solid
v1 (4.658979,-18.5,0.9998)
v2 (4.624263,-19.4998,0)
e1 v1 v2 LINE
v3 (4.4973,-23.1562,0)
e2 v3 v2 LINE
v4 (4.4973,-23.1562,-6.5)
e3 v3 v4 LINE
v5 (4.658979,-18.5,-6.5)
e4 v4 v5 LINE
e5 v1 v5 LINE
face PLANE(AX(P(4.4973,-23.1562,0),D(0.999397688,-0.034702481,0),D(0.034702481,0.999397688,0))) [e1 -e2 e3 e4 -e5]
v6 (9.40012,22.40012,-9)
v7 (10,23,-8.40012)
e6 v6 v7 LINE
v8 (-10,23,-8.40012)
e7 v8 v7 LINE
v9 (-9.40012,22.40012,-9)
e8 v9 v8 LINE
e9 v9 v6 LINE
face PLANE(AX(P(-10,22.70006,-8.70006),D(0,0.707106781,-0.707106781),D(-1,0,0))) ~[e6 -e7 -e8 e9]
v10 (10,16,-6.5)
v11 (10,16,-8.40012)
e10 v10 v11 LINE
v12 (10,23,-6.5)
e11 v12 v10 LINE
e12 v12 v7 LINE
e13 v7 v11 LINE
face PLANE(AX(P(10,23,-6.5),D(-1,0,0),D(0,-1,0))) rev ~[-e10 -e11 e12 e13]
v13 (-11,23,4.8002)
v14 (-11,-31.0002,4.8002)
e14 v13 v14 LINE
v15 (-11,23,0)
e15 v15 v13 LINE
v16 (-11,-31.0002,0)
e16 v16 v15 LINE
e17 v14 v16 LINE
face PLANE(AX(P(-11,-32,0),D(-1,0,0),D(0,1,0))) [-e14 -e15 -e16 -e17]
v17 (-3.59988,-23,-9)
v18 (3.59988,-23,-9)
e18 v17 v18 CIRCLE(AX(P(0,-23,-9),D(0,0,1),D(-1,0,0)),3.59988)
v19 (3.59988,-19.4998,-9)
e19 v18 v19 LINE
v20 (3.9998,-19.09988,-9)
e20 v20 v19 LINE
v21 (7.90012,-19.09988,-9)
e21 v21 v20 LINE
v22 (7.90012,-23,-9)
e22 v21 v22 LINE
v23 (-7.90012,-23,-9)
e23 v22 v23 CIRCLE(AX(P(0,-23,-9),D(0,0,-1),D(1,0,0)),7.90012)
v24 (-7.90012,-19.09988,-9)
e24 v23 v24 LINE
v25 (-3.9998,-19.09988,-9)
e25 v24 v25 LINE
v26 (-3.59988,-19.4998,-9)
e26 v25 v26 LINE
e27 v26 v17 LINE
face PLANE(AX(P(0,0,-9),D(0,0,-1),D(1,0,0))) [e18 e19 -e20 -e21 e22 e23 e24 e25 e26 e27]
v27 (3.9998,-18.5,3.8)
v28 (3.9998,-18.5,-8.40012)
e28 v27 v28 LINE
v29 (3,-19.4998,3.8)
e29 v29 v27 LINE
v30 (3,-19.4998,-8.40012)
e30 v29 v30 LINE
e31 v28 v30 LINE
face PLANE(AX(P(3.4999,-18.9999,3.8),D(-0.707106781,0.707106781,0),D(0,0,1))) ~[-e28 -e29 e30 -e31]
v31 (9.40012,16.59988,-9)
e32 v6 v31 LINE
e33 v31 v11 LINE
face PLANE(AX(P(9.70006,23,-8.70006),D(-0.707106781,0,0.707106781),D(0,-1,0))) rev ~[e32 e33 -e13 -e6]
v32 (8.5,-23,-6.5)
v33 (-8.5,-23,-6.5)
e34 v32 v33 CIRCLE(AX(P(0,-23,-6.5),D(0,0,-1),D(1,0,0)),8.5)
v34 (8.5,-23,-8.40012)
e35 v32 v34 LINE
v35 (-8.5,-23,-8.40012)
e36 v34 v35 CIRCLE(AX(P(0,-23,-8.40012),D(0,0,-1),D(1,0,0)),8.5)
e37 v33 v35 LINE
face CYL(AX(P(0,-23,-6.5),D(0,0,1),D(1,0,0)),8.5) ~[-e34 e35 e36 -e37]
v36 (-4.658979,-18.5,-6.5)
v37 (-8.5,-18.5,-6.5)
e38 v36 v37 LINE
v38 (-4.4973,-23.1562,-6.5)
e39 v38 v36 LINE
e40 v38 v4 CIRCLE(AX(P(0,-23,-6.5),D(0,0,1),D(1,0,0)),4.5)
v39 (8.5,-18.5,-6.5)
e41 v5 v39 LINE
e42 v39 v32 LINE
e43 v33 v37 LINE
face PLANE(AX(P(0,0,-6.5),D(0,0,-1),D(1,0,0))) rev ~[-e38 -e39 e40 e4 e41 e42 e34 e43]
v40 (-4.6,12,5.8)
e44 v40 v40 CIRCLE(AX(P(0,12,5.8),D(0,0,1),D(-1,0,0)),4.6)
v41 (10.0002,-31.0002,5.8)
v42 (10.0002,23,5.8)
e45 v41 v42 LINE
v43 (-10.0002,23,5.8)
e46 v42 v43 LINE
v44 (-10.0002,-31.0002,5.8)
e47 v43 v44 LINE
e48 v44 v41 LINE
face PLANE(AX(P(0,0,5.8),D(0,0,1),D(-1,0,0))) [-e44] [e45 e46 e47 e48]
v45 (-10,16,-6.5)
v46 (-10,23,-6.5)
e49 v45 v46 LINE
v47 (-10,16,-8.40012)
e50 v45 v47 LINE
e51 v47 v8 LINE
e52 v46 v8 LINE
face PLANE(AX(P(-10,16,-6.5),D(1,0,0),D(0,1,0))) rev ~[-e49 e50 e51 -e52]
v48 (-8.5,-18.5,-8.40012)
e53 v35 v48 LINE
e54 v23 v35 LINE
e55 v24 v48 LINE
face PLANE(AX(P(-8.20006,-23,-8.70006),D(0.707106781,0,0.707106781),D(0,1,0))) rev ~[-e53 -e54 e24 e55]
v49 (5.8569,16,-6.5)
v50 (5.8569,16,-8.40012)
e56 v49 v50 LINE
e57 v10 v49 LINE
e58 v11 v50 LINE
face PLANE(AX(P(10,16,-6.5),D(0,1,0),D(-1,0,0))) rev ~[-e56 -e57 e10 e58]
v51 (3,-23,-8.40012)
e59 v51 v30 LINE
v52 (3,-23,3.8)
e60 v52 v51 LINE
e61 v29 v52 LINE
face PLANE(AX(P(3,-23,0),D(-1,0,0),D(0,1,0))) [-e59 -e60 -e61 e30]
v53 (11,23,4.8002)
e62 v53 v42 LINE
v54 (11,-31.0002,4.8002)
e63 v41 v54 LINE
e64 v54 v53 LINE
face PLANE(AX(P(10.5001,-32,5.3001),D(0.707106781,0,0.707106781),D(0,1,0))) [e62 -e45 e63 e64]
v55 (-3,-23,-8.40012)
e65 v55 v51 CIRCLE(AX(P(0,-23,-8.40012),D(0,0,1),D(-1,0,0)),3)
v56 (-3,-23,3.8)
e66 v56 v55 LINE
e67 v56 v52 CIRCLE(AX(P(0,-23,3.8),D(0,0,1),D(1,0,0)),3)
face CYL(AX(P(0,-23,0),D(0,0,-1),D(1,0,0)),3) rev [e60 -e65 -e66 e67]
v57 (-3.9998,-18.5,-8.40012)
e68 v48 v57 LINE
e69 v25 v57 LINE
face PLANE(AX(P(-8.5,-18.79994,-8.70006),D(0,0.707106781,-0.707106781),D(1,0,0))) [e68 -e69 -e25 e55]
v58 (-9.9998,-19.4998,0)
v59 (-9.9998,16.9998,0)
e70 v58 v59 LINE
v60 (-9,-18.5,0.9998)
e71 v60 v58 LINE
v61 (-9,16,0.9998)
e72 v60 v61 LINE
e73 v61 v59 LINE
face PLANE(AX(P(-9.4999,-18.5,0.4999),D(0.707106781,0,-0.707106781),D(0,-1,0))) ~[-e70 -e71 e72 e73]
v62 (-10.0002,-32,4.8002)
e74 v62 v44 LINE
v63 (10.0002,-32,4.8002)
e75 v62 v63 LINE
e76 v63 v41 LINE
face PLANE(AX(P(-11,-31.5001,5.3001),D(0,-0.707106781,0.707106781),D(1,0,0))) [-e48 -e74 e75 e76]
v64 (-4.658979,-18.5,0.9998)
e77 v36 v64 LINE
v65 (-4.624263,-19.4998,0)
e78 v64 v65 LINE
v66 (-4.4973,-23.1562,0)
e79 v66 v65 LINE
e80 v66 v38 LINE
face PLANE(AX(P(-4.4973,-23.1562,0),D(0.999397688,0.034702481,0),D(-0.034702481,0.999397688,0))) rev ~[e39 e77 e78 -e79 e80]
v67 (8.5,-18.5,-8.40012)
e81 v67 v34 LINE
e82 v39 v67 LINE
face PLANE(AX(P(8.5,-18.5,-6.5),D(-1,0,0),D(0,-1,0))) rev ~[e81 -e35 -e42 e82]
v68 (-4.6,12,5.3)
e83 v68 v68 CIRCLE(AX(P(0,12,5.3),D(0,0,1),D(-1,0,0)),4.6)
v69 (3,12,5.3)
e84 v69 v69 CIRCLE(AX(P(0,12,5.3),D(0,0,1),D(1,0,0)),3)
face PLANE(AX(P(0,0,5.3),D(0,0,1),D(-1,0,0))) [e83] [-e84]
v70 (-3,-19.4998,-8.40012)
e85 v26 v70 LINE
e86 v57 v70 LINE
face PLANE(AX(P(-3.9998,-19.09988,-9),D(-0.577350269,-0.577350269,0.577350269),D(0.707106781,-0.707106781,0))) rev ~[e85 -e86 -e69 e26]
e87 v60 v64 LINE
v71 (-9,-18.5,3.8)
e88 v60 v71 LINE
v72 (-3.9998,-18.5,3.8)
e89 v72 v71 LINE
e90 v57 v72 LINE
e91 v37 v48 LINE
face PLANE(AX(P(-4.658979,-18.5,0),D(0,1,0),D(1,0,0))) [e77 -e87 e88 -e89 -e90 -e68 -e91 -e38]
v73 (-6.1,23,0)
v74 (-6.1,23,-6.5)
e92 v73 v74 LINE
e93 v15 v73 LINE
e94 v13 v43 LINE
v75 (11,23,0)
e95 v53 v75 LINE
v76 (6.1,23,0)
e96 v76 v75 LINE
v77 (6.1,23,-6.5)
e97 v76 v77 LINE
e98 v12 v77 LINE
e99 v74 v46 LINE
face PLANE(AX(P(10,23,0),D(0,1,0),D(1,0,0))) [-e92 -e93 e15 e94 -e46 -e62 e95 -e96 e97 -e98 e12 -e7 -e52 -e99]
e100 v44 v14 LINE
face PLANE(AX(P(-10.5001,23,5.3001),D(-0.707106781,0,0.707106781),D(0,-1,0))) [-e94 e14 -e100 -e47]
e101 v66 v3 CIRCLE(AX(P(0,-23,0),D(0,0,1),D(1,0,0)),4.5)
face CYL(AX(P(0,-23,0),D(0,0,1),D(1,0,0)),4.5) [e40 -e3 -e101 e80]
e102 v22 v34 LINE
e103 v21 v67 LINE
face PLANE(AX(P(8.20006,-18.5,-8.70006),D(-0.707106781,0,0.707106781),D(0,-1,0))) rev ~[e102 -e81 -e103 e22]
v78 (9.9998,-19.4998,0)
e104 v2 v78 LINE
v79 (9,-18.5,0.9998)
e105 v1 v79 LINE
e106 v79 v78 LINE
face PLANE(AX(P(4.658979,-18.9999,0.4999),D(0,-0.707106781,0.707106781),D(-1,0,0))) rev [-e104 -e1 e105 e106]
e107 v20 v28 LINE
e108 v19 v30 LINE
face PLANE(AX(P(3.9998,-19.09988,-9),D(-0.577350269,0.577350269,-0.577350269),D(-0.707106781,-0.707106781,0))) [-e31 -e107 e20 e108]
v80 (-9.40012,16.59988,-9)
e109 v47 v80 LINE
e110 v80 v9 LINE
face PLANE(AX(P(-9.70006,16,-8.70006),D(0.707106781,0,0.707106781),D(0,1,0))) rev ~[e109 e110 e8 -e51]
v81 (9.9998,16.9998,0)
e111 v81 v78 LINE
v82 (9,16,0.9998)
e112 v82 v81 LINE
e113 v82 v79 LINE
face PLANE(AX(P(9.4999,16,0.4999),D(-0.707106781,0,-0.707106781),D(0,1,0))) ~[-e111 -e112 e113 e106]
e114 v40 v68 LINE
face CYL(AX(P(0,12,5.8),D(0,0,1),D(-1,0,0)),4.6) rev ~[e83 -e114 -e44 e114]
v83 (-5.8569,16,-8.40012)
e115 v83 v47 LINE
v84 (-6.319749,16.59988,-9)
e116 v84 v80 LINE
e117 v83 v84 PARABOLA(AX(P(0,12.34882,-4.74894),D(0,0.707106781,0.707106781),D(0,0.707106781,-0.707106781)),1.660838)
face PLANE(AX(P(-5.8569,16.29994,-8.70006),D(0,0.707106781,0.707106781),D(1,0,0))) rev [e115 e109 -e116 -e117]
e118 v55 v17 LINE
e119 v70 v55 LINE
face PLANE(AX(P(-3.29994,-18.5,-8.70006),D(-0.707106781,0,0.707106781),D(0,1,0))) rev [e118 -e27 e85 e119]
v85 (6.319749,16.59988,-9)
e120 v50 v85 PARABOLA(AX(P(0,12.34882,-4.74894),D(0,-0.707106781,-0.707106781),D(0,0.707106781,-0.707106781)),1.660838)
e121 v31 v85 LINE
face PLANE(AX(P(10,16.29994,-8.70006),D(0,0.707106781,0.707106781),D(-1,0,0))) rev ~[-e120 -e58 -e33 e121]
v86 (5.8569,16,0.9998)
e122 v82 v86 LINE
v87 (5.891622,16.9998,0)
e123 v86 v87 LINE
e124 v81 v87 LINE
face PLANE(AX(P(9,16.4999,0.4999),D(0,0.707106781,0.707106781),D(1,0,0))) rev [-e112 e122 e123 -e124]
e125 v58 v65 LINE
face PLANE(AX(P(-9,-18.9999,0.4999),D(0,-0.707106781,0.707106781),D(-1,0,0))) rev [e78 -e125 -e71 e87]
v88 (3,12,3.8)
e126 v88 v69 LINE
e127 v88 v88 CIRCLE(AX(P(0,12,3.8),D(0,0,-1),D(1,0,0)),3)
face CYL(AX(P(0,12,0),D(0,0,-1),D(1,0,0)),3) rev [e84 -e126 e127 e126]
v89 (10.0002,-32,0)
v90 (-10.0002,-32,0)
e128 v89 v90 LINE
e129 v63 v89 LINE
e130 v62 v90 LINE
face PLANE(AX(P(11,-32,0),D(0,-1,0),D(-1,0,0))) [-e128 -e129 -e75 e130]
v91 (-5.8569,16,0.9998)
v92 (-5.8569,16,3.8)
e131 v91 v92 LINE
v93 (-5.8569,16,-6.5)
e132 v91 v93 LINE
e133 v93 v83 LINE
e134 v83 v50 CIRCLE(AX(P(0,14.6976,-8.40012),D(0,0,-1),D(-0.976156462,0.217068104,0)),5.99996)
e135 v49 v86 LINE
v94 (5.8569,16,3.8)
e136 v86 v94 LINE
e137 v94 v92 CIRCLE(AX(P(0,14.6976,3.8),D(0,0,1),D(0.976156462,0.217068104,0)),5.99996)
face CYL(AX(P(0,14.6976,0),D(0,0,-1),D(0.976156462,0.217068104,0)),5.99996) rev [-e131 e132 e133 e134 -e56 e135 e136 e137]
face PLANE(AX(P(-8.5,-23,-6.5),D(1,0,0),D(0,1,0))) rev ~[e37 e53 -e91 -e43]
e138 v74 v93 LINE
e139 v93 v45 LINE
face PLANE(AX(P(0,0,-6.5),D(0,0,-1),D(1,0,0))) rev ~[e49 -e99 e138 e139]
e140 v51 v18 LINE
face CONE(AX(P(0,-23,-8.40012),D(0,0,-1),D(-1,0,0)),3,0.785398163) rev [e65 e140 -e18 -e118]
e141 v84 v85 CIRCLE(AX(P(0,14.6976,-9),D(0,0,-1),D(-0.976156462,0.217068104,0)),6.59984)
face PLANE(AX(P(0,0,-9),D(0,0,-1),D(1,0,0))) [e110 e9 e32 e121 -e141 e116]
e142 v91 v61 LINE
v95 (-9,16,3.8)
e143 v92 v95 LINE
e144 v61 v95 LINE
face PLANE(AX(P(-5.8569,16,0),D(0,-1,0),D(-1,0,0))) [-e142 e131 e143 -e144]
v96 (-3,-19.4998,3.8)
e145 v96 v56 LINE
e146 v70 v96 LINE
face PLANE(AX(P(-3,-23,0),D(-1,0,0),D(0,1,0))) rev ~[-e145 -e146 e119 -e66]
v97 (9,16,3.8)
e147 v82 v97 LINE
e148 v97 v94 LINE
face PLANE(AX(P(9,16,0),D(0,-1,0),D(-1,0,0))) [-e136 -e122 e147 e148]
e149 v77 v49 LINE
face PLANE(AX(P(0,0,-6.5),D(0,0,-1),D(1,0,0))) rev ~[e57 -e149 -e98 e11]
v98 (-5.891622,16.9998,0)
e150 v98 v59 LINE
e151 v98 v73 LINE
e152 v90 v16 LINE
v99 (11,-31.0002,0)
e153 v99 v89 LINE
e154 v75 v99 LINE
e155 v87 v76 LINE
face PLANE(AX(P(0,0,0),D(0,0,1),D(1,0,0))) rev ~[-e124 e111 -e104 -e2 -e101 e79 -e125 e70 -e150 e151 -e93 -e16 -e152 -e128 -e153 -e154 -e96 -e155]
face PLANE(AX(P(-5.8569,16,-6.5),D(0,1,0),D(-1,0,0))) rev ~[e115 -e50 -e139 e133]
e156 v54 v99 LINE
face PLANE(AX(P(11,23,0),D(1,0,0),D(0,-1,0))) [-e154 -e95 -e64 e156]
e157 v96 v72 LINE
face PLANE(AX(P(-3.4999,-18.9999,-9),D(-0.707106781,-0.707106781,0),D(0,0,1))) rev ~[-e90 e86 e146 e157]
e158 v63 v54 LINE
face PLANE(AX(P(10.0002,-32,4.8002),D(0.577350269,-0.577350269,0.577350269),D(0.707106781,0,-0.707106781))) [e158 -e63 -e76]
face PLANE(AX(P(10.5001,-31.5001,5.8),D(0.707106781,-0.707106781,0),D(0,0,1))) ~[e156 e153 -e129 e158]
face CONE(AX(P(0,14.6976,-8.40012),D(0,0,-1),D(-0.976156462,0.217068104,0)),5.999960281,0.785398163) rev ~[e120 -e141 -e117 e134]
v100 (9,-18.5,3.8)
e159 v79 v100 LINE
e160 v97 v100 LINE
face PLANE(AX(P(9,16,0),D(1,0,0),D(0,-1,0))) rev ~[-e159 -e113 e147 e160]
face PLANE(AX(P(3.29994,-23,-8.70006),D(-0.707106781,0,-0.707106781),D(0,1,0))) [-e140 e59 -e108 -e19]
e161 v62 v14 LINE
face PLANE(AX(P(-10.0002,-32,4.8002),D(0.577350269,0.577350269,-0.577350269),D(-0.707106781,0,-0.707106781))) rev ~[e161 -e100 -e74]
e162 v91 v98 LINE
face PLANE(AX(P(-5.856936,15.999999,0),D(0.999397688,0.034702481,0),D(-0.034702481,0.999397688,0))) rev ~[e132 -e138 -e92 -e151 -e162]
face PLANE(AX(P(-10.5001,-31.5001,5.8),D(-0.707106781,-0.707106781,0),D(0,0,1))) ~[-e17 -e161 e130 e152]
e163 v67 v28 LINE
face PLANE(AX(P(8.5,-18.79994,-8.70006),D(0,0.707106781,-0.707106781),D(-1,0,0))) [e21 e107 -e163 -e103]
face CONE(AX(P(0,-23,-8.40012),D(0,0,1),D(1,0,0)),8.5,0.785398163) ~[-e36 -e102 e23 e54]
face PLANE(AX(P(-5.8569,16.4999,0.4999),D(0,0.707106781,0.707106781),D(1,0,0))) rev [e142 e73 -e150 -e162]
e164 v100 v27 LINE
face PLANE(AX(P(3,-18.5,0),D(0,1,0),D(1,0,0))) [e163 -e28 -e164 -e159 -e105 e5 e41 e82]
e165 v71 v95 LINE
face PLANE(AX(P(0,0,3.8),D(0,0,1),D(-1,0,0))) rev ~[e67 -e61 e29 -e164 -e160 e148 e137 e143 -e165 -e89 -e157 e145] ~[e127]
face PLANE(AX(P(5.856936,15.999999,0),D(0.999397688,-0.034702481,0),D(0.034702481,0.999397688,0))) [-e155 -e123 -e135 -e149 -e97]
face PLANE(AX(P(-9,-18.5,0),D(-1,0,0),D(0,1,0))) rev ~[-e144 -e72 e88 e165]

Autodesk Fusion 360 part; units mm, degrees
sketch "Sketch1" plane through (0, 0, 0) normal (0, 0, 1) x (1, 0, 0)
  line L0 (0, 60.043) -> (0, -60.043) construction
  line L1 (-62.1045, 0) -> (62.1045, 0) construction
  circle A0 centre (0, -23) radius 4.5
  line L2 (-4.4973, -23.1562) -> (-6.1, 23)
  line L3 (4.4973, -23.1562) -> (6.1, 23)
  line L4 (-11, 23) -> (11, 23)
  line L5 (11, 23) -> (11, -32)
  line L6 (11, -32) -> (-11, -32)
  line L7 (-11, -32) -> (-11, 23)
  line L8 (-10, 23) -> (10, 23)
  line L9 (10, 23) -> (10, 16)
  line L10 (10, 16) -> (-10, 16)
  line L11 (-10, 16) -> (-10, 23)
  circle A1 centre (0, -23) radius 8.5
  line L12 (-8.5, -23) -> (-8.5, -18.5)
  line L13 (-8.5, -18.5) -> (8.5, -18.5)
  line L14 (8.5, -18.5) -> (8.5, -23)
  circle A2 centre (0, -23) radius 3
  line L15 (-3, -23) -> (-3, -18.5)
  line L16 (3, -23) -> (3, -18.5)
  arc A3 (5.8569, 16) -> (-5.8569, 16) centre (0, 14.6976) ccw
  circle A4 centre (0, 12) radius 3
  line L17 (9, 21) -> (9, -30)
  line L18 (9, -30) -> (-9, -30)
  line L19 (-9, -30) -> (-9, 21)
  line L20 (-9, 21) -> (9, 21)
  line L21 (8.5, -18.5) -> (9, -18.5)
  line L22 (-8.5, -18.5) -> (-9, -18.5)
  dimension "d1" = 9
  dimension "d2" = 23
  dimension "d3" = 12.2
  dimension "d4" = 6.1
  dimension "d5" = 46
  dimension "d7" = 22
  dimension "d8" = 55
  dimension "d9" = 11
  dimension "d10" = 20
  dimension "d11" = 7
  dimension "d12" = 10
  dimension "d13" = 17
  dimension "d14" = 6
  dimension "d21" = 6
  dimension "d24" = 6
  dimension "d25" = 12
  dimension "d29" = 2
extrude "Extrude1" add sketch "Sketch1" along normal blind 3.8 contours A0 A2 L15 L16 | A0 L2 L13 L15 | A0 L2 L3 A1 L13 L18 | A0 L3 L13 L16 | A1 L12 L13 | A1 L13 L14 | L2 L10 L19 L20 | L2 L3 A3 L20 | A1 L12 L18 L19 L22 | L3 L10 L17 L20 | A1 L14 L17 L18 L21 | L2 L4 L8 L10 L11 L19 L20 | L2 L3 L4 L8 L20 | L4 L5 L6 L7 L9 L10 L11 A1 L17 L18 L19 | A1 L18 | L3 L4 L8 L9 L10 L17 L20 picked at (3.9634, -23.4711)
extrude "Extrude2" add sketch "Sketch1" against normal blind 6.5 contours A0 A2 L15 L16 | A0 L2 L13 L15 | A0 L3 L13 L16 | L2 L3 A3 L20 | L2 L3 L4 L8 L20 picked at (3.9634, -23.4711)
sketch "Sketch2" plane through (0, 0, -6.5) normal (0, 0, -1) x (1, 0, 0)
  line L0 (-5.8569, -16) -> (-6.1, -23)
  line L1 (-6.1, -23) -> (6.1, -23)
  line L2 (6.1, -23) -> (5.8569, -16)
  line L3 (10, -23) -> (10, -16)
  line L4 (10, -16) -> (-10, -16)
  line L5 (-10, -16) -> (-10, -23)
  line L6 (-10, -23) -> (10, -23)
  line L7 (-8.5, 18.5) -> (8.5, 18.5)
  line L8 (8.5, 18.5) -> (8.5, 23)
  circle A0 centre (0, 23) radius 8.5
  line L9 (-8.5, 23) -> (-8.5, 18.5)
  line L10 (-3, 18.5) -> (-3, 23)
  arc A1 (3, 23) -> (-3, 23) centre (0, 23) ccw
  line L11 (3, 23) -> (3, 18.5)
  line L12 (3, 18.5) -> (4.659, 18.5)
  line L13 (4.659, 18.5) -> (4.4973, 23.1562)
  arc A2 (4.4973, 23.1562) -> (-4.4973, 23.1562) centre (0, 23) ccw
  line L14 (-4.4973, 23.1562) -> (-4.659, 18.5)
  line L15 (-4.659, 18.5) -> (-3, 18.5)
  arc A3 (-5.8569, -16) -> (5.8569, -16) centre (0, -14.6976) ccw
  arc A4 (-5.8569, -16) -> (5.8569, -16) centre (0, -14.6976) ccw
extrude "Extrude3" add sketch "Sketch2" along normal blind 2.5 contours L0 L1 L2 L6 A3 A4 | L0 L4 L5 L6 | L2 L3 L4 L6 | L7 L10 A1 L11 L12 L13 A2 L14 L15 | L7 A0 L13 A2 L14 | L7 A0 L9 | L7 L8 A0
sketch "Sketch3" plane through (0, 0, 3.8) normal (0, 0, 1) x (-1, 0, 0)
  arc A0 (3, 23) -> (-3, 23) centre (0, 23) ccw
  line L0 (3, 23) -> (3, 18.5)
  line L1 (3, 18.5) -> (9, 18.5)
  arc A1 (-5.8569, -16) -> (5.8569, -16) centre (0, -14.6976) ccw
  line L2 (-9, 18.5) -> (-3, 18.5)
  line L3 (-3, 18.5) -> (-3, 23)
  line L4 (-11, -23) -> (11, -23)
  line L5 (11, -23) -> (11, 32)
  line L6 (11, 32) -> (-11, 32)
  line L7 (-11, 32) -> (-11, -23)
  line L8 (-11, -23) -> (11, -23)
  line L9 (11, -23) -> (11, 32)
  line L10 (-11, 32) -> (-11, -23)
  line L11 (11, 32) -> (-11, 32)
  line L12 (-9, -16) -> (-9, 18.5)
  line L13 (9, 18.5) -> (9, -16)
  line L14 (9, -16) -> (5.8569, -16)
  line L15 (-5.8569, -16) -> (-9, -16)
extrude "Extrude4" add sketch "Sketch3" along normal blind 2 contours A0 L0 L1 A1 L2 L3 L12 L13 L14 L15 | L4 L5 L6 L7 L8 L9 L10 L11
extrude "Extrude5" cut sketch "Sketch1" along normal blind 11 contours A4
sketch "Sketch4" plane through (0, 0, 5.8) normal (0, 0, 1) x (-1, 0, 0)
  circle A0 centre (0, -12) radius 3
  line L0 (11, 32) -> (-11, 32)
  line L1 (-11, 32) -> (-11, -23)
  line L2 (-11, -23) -> (11, -23)
  line L3 (11, -23) -> (11, 32)
  circle A1 centre (0, -12) radius 3
  circle A2 centre (0, -12) radius 4.6
  dimension "d30" = 9.2
  dimension "d39" = 22
extrude "Extrude6" cut sketch "Sketch4" against normal blind 0.5 contours A2
chamfer "Chamfer1" distance 1 angle 45 13 edges at (11, -4.5, 5.8) (-11, -4.5, 5.8) (0, -32, 5.8) (-11, -32, 2.9) (11, -32, 2.9) (3, -18.5, -2.6) (-3, -18.5, -2.6) (6.8295, -18.5, 0) (-6.8295, -18.5, 0) (-9, -1.25, 0) (9, -1.25, 0) (7.4285, 16, 0) (-7.4285, 16, 0)
chamfer "Chamfer1" distance 0.6 angle 45 2 faces at (-4.8333, -20, -9) (-8.4185, 18.8641, -9)
equation "d2 = ( 46 / 2 ) * 1 mm"
equation "d4 = d3 / 2"
equation "d5 = d2 * 2"
equation "d8 = d5 + 9 mm"
equation "d9 = d7 / 2"
equation "d12 = d10 / 2"
